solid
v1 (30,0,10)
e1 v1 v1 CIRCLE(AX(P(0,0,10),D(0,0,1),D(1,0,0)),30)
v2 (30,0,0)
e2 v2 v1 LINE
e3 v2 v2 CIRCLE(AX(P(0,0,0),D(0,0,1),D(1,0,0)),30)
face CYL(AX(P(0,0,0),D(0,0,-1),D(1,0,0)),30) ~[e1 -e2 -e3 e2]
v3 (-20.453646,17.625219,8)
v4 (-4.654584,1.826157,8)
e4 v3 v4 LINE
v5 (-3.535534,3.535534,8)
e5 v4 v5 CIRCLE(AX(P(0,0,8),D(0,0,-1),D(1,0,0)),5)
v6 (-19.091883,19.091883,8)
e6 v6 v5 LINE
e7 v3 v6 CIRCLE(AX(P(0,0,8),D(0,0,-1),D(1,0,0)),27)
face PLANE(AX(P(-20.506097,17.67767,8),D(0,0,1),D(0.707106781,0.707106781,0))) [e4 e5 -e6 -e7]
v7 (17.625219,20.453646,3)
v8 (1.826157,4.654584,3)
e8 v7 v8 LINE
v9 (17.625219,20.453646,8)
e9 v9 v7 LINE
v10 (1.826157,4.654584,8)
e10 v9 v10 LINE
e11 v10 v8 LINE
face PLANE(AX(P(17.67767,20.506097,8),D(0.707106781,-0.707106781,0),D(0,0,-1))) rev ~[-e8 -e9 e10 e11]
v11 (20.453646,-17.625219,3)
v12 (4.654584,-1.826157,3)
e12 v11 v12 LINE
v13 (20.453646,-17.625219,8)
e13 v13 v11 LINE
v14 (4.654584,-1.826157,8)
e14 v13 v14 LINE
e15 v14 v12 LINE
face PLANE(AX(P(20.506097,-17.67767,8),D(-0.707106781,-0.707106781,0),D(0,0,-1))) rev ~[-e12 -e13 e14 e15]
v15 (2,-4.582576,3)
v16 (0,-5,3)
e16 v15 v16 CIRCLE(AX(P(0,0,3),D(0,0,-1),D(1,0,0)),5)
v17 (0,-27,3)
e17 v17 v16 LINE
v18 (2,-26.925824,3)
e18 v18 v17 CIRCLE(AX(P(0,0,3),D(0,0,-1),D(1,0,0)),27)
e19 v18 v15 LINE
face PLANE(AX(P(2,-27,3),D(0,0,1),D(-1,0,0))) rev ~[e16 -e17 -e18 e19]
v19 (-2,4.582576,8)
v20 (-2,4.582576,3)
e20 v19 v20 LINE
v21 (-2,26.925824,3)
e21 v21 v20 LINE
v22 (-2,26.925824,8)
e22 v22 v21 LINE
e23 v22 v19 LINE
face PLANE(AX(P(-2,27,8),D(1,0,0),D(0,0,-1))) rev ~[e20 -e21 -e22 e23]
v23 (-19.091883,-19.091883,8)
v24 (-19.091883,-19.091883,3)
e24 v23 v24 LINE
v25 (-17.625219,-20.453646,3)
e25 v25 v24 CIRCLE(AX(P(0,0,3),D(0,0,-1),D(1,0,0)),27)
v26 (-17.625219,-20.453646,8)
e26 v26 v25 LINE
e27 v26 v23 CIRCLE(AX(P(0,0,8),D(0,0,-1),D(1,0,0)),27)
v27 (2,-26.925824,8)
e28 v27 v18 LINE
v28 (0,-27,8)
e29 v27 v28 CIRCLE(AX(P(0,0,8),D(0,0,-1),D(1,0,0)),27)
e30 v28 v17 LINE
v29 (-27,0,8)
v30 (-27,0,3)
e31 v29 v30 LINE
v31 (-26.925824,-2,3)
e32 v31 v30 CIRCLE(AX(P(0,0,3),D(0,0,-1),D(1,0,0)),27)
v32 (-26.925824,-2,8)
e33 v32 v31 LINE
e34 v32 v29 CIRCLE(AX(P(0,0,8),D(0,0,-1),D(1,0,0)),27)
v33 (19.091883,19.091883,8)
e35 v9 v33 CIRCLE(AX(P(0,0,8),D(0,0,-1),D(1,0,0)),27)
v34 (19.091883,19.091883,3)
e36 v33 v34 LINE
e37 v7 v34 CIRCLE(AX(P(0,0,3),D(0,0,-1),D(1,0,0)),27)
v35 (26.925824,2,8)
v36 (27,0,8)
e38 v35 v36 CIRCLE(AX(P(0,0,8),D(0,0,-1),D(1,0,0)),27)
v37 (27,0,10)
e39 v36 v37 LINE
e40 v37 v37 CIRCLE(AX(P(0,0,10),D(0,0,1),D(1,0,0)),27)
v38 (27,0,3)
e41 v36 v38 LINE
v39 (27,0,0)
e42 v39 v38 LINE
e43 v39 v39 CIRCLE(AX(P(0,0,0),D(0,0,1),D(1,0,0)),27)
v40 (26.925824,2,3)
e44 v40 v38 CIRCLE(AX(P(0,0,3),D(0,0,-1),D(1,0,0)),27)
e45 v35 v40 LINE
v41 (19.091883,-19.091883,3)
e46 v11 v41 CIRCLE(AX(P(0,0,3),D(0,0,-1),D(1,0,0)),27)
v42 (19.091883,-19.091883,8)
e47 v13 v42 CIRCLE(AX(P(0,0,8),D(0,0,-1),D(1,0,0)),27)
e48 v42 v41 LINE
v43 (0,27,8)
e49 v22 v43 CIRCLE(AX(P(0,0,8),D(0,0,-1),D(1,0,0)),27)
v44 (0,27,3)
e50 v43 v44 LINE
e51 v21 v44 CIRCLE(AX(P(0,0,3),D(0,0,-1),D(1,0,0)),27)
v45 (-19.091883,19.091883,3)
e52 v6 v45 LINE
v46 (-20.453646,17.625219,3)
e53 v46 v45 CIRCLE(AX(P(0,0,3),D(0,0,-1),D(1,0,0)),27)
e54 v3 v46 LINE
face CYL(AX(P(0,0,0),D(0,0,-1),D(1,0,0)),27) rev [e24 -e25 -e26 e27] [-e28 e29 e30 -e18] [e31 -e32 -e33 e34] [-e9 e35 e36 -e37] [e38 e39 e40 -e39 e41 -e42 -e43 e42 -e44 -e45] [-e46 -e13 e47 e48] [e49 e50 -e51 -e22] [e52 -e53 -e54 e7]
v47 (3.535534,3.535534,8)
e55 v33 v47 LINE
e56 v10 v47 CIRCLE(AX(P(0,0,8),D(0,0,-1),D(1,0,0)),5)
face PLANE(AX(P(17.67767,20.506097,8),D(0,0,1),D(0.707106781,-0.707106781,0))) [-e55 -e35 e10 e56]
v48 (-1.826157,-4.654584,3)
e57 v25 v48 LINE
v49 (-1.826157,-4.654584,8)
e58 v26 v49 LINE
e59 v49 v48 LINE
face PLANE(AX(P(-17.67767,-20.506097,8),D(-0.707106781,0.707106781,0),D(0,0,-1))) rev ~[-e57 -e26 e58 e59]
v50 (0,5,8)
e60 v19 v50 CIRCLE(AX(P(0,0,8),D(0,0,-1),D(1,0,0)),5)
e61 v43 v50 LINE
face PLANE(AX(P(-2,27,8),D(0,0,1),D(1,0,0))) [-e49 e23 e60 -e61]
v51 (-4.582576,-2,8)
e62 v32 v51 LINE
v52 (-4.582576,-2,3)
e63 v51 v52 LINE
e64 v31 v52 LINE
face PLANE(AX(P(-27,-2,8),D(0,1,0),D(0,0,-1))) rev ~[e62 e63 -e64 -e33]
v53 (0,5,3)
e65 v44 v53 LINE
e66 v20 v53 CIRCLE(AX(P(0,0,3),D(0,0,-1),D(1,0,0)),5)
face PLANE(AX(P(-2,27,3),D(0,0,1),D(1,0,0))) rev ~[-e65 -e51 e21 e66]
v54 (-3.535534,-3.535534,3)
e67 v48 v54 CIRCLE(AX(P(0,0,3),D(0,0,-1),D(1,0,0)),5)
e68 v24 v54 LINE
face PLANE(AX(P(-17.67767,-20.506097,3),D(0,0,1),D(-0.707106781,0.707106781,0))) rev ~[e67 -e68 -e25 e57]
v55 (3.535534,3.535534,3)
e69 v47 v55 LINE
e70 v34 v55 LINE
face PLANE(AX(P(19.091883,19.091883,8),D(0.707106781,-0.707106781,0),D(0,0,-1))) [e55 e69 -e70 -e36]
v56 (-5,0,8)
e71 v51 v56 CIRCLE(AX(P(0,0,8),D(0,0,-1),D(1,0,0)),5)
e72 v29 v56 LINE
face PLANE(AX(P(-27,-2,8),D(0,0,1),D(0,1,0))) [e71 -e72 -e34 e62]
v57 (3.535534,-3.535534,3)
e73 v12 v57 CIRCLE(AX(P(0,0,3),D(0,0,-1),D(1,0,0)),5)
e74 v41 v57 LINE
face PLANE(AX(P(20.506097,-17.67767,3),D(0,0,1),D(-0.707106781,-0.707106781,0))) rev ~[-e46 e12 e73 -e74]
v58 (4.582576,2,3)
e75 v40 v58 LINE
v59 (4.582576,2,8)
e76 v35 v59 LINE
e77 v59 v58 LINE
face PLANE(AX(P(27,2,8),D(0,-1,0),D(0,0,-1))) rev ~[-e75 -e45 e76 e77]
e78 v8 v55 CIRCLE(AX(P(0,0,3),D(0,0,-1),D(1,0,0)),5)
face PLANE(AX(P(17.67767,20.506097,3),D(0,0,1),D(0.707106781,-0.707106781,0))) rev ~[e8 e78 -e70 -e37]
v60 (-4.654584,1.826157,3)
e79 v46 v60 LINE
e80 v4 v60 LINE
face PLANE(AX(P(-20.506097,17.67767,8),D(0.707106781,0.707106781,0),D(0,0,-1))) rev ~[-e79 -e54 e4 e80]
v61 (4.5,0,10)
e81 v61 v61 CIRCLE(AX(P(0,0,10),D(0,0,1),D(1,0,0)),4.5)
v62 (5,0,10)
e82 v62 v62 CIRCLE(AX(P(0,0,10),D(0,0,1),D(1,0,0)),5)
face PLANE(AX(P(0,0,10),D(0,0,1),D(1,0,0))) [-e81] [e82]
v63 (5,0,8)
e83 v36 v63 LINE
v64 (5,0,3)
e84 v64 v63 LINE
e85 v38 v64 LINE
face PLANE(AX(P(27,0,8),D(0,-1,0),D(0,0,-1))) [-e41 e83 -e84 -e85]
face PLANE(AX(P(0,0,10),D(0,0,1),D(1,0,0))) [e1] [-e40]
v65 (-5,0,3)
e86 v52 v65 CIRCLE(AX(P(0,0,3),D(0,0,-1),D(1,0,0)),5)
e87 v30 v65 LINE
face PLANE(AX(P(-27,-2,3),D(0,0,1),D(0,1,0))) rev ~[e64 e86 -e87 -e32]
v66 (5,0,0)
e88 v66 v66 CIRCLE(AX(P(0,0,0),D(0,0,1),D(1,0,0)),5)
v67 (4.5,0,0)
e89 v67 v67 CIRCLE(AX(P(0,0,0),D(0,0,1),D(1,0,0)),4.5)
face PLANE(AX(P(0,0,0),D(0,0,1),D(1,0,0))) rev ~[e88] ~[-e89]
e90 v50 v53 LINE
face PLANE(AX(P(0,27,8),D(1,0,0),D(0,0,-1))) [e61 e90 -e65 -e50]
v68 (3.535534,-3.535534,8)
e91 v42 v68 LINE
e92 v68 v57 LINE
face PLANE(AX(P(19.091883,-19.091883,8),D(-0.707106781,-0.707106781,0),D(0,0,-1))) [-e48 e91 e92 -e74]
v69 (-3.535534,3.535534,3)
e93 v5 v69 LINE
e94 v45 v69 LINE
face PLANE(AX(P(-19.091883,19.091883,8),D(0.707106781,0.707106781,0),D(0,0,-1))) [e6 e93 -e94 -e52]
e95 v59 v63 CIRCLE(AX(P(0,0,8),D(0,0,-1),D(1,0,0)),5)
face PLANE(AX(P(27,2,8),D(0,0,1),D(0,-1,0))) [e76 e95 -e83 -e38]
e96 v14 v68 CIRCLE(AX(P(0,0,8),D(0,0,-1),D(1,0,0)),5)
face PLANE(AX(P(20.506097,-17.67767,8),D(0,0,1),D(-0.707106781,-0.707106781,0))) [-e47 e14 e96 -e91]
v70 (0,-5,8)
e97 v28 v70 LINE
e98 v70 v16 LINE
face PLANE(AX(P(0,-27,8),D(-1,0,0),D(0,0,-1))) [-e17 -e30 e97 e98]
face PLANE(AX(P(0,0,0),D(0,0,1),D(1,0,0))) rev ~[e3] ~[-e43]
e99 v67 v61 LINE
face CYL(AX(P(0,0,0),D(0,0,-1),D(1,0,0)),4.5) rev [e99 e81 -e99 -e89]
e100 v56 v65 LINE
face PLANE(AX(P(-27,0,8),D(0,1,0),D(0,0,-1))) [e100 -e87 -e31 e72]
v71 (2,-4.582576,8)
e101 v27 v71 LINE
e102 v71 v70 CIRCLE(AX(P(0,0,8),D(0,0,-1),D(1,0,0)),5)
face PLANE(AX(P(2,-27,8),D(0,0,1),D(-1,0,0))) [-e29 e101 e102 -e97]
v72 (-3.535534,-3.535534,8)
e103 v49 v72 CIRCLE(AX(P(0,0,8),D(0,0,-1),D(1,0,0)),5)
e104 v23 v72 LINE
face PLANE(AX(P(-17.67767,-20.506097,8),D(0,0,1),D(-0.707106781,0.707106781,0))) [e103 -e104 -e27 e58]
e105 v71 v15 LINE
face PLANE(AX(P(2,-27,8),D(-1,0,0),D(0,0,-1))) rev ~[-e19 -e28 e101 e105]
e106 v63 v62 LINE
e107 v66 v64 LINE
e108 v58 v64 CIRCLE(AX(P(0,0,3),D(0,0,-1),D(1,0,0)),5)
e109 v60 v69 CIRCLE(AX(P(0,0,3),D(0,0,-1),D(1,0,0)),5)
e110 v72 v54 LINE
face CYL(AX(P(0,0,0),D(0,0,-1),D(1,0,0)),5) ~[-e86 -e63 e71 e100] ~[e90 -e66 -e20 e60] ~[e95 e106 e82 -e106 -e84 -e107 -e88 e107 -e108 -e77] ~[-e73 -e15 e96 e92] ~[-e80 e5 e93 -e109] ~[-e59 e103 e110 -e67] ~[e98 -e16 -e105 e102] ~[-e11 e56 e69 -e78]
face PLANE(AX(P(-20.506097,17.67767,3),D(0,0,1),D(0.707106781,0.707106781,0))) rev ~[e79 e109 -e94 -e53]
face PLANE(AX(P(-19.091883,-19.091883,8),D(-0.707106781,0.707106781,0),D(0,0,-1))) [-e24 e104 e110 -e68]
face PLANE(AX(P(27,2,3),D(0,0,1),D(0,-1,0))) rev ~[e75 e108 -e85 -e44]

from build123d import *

# Parameters (mm, degrees)
SKETCH2_R             = 30
SKETCH2_R_2           = 27
BOSS_EXTRUDE1_DEPTH   = 10
SKETCH2_R_3           = 5
SKETCH2_R_4           = 4.5
BOSS_EXTRUDE1_2_DEPTH = 10
BOSS_EXTRUDE2_START   = -9
SKETCH4_W             = 5
SKETCH4_H             = 2
BOSS_EXTRUDE2_DEPTH   = 22.417424
CIRPATTERN1_COUNT     = 8


with BuildPart() as part:
    # Sketch2 → Boss-Extrude1 (new body)
    with BuildSketch(Plane.XY):
        Circle(SKETCH2_R)
        Circle(SKETCH2_R_2, mode=Mode.SUBTRACT)
    extrude(amount=BOSS_EXTRUDE1_DEPTH)



with BuildPart() as body_2:
    # Sketch2 → Boss-Extrude1 2 (new body)
    with BuildSketch(Plane.XY):
        Circle(SKETCH2_R_3)
        Circle(SKETCH2_R_4, mode=Mode.SUBTRACT)
    extrude(amount=BOSS_EXTRUDE1_2_DEPTH)


with BuildPart() as part_1:
    add(part.part)

    add(body_2.part)  # Boss-Extrude2 merges body 2
    # Sketch4 → Boss-Extrude2 (add)
    with BuildSketch(Plane(origin=(-18, 0, 0), x_dir=(0, 0, -1), z_dir=(1, 0, 0)).offset(BOSS_EXTRUDE2_START)):
        with Locations((-5.5, -1)):
            Rectangle(SKETCH4_W, SKETCH4_H)
    boss_extrude2 = extrude(amount=BOSS_EXTRUDE2_DEPTH)

    # CirPattern1: Boss-Extrude2 ×8 about axis
    cirpattern1_axis = Axis((0, 0, 0), (0, 0, 1))
    for i in range(1, CIRPATTERN1_COUNT):
        add(boss_extrude2.rotate(cirpattern1_axis, i * 360 / CIRPATTERN1_COUNT))


solid = part_1.part
